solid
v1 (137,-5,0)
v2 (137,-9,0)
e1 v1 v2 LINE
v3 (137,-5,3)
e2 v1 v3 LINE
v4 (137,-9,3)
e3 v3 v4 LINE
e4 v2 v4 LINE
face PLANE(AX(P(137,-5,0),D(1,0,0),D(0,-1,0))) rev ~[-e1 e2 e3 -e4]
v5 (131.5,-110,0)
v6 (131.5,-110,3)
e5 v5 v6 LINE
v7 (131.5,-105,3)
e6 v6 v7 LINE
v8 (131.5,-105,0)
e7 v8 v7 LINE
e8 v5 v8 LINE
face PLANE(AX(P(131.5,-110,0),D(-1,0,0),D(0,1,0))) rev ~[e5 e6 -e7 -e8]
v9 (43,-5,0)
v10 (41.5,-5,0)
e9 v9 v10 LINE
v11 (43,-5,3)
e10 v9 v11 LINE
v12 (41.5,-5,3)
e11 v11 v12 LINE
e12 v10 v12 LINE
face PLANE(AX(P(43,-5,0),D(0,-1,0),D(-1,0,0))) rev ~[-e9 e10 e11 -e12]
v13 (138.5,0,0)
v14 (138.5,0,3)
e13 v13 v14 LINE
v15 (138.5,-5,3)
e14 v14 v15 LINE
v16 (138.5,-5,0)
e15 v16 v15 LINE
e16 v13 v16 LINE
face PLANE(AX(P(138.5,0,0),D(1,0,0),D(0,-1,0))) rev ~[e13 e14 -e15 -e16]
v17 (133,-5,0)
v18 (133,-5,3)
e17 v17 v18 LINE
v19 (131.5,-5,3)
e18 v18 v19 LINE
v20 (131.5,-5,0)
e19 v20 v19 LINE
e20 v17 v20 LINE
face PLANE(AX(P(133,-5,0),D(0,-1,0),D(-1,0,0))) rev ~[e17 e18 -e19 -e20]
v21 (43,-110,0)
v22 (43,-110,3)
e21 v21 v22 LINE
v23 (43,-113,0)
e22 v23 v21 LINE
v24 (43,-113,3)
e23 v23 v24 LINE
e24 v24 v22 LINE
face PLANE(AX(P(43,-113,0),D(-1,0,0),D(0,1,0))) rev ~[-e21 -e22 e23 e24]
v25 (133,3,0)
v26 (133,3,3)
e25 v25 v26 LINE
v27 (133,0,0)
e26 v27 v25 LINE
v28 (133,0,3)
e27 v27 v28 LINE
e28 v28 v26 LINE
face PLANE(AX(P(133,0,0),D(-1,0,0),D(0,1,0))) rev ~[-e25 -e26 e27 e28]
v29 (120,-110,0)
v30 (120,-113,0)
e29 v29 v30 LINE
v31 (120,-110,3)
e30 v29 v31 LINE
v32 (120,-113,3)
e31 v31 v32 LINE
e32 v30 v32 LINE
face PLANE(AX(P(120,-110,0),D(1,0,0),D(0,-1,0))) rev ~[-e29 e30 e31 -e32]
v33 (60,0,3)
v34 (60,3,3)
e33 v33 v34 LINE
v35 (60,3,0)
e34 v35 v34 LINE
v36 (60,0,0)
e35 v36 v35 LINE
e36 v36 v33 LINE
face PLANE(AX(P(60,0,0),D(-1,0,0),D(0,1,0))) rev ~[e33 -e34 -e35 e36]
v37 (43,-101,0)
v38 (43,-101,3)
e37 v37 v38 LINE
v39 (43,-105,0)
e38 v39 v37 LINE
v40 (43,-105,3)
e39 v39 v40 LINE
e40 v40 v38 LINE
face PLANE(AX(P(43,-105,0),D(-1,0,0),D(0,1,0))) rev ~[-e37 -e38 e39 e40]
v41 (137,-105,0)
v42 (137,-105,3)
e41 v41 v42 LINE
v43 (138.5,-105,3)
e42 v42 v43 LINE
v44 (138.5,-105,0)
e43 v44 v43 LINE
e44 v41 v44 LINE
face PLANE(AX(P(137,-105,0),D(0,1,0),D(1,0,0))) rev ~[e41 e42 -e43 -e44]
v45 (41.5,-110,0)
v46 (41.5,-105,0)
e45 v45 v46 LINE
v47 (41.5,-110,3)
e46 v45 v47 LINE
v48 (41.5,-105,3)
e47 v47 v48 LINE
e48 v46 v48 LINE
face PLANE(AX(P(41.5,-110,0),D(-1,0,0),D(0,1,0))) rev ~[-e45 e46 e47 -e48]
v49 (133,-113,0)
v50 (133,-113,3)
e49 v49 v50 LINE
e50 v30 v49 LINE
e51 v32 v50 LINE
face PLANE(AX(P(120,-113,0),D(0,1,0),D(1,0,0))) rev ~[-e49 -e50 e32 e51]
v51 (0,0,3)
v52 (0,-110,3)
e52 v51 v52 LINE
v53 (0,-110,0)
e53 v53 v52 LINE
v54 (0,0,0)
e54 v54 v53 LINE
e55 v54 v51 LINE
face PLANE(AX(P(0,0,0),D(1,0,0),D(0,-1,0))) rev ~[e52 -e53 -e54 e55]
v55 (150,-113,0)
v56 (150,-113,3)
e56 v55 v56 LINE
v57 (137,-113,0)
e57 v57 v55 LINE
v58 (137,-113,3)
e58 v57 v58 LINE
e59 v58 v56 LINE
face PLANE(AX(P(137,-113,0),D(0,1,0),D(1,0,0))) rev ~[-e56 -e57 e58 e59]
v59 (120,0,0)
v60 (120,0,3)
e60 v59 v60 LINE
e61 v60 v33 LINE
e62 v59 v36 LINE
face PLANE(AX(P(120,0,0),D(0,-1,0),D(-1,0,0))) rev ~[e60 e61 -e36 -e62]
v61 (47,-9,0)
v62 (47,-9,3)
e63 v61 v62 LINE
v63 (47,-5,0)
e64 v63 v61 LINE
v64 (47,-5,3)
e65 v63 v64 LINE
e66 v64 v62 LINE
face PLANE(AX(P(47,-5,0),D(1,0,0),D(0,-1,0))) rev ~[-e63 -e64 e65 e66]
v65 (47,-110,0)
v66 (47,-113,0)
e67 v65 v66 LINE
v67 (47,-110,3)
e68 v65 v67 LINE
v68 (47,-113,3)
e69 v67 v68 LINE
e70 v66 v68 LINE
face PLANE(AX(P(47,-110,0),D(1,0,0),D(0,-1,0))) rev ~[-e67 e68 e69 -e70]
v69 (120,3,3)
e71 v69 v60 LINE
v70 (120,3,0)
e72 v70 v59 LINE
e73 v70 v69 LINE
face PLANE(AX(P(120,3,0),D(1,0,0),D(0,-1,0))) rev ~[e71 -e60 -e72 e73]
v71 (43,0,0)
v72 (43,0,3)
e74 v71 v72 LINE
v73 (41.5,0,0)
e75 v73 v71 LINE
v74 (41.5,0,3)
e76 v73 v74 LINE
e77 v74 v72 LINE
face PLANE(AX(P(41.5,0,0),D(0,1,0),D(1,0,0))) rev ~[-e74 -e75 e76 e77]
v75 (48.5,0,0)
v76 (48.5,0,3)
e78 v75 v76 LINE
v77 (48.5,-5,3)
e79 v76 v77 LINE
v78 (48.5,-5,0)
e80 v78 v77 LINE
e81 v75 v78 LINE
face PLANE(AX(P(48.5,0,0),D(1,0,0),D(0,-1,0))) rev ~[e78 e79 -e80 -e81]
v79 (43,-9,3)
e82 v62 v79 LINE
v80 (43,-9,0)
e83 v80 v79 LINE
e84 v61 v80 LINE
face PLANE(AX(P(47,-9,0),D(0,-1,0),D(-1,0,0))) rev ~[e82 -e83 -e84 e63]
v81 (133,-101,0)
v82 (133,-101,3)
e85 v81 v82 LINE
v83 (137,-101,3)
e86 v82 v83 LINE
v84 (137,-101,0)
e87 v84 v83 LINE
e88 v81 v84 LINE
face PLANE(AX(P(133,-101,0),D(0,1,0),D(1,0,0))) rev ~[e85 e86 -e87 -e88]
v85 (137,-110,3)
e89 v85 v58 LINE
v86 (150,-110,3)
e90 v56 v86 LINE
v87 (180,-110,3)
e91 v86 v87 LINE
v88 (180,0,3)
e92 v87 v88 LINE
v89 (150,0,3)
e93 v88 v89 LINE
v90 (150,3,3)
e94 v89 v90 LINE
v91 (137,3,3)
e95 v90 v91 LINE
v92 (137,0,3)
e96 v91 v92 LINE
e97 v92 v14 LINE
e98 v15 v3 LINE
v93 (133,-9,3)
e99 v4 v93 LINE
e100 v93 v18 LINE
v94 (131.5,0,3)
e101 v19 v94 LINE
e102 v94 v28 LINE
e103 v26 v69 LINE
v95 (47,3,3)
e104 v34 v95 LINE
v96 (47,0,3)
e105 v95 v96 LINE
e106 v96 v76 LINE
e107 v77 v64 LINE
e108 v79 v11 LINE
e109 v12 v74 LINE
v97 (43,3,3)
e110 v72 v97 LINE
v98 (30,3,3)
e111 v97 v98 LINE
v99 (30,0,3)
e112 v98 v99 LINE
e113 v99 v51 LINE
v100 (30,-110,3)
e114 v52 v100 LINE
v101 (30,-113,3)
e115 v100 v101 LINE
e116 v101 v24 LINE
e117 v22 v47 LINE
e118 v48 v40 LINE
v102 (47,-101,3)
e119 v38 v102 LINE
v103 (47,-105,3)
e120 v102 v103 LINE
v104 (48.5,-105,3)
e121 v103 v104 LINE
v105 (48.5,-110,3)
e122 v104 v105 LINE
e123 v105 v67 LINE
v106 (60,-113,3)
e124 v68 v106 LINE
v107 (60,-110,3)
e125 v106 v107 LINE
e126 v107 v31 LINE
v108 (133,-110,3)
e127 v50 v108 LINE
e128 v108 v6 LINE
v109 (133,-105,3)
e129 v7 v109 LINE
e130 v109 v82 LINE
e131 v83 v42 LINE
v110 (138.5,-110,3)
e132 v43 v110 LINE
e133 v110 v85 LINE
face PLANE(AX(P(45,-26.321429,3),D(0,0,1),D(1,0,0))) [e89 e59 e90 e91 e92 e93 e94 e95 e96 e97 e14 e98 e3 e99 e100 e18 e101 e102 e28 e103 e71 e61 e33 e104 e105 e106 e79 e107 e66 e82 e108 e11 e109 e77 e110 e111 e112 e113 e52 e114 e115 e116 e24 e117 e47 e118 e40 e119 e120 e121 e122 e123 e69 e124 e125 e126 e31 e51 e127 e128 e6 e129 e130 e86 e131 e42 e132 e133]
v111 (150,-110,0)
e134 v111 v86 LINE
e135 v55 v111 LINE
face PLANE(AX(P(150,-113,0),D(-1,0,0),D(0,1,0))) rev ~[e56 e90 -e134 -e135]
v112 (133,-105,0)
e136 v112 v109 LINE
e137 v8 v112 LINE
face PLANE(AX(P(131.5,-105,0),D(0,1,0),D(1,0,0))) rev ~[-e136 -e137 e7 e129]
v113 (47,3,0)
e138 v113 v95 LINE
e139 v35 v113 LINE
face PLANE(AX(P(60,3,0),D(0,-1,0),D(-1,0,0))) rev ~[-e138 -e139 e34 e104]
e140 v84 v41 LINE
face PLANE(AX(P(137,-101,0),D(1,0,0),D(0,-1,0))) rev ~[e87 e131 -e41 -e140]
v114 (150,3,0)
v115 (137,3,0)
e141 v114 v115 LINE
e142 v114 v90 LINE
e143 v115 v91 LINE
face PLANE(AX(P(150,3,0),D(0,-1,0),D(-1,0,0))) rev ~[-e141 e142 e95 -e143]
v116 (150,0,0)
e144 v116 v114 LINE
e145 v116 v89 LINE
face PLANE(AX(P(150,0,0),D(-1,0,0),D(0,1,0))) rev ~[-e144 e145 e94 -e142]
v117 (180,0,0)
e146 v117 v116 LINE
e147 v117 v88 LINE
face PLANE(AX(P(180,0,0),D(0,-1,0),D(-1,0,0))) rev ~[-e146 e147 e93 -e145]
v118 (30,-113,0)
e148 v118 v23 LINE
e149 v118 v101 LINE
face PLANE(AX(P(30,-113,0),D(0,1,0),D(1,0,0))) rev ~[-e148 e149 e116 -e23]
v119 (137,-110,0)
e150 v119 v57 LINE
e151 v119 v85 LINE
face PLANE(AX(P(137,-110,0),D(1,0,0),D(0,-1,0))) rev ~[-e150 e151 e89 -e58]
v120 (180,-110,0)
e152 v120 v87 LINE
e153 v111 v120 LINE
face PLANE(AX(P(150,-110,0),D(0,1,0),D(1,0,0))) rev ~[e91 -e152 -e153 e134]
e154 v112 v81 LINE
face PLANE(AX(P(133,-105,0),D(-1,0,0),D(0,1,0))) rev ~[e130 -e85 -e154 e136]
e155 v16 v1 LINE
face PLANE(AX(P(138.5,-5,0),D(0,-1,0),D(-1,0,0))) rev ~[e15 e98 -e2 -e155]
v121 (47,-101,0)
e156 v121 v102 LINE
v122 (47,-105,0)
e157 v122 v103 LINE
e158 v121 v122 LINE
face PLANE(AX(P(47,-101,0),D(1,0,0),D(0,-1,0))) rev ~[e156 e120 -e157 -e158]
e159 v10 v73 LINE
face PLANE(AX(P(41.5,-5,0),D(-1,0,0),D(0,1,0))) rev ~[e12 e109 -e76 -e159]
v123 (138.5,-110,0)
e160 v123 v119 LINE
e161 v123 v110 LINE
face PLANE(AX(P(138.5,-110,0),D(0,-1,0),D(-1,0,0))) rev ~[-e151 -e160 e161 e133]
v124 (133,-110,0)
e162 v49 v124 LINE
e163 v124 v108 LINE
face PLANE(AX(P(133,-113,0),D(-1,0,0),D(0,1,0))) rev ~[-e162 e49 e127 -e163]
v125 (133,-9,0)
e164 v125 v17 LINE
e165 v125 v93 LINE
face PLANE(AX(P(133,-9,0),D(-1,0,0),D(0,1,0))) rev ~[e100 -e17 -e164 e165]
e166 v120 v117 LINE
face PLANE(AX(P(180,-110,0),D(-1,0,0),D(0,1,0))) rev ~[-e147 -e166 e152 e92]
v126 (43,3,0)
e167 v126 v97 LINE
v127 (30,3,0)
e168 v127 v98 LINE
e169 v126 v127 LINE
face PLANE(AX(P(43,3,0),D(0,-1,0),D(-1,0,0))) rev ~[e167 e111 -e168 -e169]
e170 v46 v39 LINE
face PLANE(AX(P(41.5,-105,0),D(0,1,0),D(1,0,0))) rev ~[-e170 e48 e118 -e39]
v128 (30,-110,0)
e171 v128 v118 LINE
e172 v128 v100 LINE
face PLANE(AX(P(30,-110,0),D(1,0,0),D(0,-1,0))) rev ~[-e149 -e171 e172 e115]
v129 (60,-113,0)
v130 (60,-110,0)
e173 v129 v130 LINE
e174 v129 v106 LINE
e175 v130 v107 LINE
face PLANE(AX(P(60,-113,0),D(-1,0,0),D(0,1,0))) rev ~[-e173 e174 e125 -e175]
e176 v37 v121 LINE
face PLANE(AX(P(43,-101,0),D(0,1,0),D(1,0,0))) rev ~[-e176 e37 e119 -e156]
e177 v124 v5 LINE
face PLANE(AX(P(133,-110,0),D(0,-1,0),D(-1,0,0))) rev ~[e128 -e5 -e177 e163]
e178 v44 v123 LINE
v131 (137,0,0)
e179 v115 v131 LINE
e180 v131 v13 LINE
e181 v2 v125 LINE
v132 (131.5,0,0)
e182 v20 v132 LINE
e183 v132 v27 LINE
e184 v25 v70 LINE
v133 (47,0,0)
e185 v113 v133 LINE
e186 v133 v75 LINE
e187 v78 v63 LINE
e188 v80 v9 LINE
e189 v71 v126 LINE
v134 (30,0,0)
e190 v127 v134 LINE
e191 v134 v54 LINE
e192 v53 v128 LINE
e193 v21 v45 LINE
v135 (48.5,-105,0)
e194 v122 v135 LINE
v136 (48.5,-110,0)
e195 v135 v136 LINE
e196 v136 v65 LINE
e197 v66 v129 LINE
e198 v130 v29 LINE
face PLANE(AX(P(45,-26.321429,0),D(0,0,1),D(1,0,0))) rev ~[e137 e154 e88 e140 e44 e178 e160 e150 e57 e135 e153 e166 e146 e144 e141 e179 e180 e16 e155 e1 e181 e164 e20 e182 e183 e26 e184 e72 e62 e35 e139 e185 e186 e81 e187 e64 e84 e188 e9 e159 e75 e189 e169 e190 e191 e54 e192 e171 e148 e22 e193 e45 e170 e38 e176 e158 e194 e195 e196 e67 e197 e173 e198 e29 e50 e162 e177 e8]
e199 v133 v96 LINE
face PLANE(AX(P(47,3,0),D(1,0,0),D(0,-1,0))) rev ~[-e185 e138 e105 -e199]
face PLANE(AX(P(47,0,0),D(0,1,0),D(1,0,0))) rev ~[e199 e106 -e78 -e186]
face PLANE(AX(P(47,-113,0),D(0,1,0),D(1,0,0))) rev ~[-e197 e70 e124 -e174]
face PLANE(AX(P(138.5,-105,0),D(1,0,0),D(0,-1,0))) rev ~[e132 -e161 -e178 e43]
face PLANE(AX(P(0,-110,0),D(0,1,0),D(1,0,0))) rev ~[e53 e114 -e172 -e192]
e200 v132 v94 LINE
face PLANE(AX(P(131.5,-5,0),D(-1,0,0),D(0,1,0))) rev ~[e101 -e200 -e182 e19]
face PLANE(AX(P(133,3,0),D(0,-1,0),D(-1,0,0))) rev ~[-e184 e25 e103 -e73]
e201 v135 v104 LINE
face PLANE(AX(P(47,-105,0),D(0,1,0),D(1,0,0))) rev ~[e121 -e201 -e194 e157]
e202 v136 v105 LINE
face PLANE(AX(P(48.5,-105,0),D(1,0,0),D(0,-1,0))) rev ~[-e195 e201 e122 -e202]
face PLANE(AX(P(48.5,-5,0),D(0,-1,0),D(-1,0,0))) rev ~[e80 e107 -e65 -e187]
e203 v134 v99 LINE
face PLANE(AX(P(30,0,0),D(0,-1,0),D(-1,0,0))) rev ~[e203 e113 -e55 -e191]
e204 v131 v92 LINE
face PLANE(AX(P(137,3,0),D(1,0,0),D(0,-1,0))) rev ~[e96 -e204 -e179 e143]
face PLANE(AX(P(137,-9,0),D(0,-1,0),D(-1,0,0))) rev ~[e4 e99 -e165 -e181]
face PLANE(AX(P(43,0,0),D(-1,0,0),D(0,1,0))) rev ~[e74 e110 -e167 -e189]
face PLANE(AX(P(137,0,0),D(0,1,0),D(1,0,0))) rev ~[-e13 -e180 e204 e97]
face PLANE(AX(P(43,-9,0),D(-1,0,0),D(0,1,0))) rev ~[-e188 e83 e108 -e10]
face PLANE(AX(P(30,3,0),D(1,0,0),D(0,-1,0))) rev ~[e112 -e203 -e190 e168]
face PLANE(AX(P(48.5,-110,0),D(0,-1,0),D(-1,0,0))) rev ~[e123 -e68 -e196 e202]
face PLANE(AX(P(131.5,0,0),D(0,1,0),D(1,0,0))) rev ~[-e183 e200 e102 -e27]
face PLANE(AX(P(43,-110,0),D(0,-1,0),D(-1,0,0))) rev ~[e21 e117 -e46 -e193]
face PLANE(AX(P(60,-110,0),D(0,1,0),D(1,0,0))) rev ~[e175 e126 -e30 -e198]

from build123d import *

# Parameters (mm, degrees)
EXTRUDE_1_DEPTH = 3


with BuildPart() as part:
    # 草图1 → 凸台-拉伸1 (new body)
    with BuildSketch(Plane.XY):
        Polygon((90, -55), (90, 0), (60, 0), (48.5, 0), (48.5, -5), (47, -5), (47, -9), (43, -9), (43, -5), (41.5, -5), (41.5, 0), (30, 0), (0, 0), (0, -55), align=None)
        Polygon((120, 0), (90, 0), (90, -55), (180, -55), (180, 0), (150, 0), (138.5, 0), (138.5, -5), (137, -5), (137, -9), (133, -9), (133, -5), (131.5, -5), (131.5, 0), align=None)
        Polygon((180, -55), (90, -55), (90, -110), (120, -110), (131.5, -110), (131.5, -105), (133, -105), (133, -101), (137, -101), (137, -105), (138.5, -105), (138.5, -110), (150, -110), (180, -110), align=None)
        Polygon((90, -110), (90, -55), (0, -55), (0, -110), (30, -110), (41.5, -110), (41.5, -105), (43, -105), (43, -101), (47, -101), (47, -105), (48.5, -105), (48.5, -110), (60, -110), align=None)
        Polygon((120, 3), (120, 0), (131.5, 0), (133, 0), (133, 3), align=None)
        Polygon((138.5, 0), (150, 0), (150, 3), (137, 3), (137, 0), align=None)
        Polygon((30, 3), (30, 0), (41.5, 0), (43, 0), (43, 3), align=None)
        Polygon((48.5, 0), (60, 0), (60, 3), (47, 3), (47, 0), align=None)
        Polygon((60, -113), (60, -110), (48.5, -110), (47, -110), (47, -113), align=None)
        Polygon((41.5, -110), (30, -110), (30, -113), (43, -113), (43, -110), align=None)
        Polygon((150, -113), (150, -110), (138.5, -110), (137, -110), (137, -113), align=None)
        Polygon((131.5, -110), (120, -110), (120, -113), (133, -113), (133, -110), align=None)
    extrude(amount=EXTRUDE_1_DEPTH)


solid = part.part
